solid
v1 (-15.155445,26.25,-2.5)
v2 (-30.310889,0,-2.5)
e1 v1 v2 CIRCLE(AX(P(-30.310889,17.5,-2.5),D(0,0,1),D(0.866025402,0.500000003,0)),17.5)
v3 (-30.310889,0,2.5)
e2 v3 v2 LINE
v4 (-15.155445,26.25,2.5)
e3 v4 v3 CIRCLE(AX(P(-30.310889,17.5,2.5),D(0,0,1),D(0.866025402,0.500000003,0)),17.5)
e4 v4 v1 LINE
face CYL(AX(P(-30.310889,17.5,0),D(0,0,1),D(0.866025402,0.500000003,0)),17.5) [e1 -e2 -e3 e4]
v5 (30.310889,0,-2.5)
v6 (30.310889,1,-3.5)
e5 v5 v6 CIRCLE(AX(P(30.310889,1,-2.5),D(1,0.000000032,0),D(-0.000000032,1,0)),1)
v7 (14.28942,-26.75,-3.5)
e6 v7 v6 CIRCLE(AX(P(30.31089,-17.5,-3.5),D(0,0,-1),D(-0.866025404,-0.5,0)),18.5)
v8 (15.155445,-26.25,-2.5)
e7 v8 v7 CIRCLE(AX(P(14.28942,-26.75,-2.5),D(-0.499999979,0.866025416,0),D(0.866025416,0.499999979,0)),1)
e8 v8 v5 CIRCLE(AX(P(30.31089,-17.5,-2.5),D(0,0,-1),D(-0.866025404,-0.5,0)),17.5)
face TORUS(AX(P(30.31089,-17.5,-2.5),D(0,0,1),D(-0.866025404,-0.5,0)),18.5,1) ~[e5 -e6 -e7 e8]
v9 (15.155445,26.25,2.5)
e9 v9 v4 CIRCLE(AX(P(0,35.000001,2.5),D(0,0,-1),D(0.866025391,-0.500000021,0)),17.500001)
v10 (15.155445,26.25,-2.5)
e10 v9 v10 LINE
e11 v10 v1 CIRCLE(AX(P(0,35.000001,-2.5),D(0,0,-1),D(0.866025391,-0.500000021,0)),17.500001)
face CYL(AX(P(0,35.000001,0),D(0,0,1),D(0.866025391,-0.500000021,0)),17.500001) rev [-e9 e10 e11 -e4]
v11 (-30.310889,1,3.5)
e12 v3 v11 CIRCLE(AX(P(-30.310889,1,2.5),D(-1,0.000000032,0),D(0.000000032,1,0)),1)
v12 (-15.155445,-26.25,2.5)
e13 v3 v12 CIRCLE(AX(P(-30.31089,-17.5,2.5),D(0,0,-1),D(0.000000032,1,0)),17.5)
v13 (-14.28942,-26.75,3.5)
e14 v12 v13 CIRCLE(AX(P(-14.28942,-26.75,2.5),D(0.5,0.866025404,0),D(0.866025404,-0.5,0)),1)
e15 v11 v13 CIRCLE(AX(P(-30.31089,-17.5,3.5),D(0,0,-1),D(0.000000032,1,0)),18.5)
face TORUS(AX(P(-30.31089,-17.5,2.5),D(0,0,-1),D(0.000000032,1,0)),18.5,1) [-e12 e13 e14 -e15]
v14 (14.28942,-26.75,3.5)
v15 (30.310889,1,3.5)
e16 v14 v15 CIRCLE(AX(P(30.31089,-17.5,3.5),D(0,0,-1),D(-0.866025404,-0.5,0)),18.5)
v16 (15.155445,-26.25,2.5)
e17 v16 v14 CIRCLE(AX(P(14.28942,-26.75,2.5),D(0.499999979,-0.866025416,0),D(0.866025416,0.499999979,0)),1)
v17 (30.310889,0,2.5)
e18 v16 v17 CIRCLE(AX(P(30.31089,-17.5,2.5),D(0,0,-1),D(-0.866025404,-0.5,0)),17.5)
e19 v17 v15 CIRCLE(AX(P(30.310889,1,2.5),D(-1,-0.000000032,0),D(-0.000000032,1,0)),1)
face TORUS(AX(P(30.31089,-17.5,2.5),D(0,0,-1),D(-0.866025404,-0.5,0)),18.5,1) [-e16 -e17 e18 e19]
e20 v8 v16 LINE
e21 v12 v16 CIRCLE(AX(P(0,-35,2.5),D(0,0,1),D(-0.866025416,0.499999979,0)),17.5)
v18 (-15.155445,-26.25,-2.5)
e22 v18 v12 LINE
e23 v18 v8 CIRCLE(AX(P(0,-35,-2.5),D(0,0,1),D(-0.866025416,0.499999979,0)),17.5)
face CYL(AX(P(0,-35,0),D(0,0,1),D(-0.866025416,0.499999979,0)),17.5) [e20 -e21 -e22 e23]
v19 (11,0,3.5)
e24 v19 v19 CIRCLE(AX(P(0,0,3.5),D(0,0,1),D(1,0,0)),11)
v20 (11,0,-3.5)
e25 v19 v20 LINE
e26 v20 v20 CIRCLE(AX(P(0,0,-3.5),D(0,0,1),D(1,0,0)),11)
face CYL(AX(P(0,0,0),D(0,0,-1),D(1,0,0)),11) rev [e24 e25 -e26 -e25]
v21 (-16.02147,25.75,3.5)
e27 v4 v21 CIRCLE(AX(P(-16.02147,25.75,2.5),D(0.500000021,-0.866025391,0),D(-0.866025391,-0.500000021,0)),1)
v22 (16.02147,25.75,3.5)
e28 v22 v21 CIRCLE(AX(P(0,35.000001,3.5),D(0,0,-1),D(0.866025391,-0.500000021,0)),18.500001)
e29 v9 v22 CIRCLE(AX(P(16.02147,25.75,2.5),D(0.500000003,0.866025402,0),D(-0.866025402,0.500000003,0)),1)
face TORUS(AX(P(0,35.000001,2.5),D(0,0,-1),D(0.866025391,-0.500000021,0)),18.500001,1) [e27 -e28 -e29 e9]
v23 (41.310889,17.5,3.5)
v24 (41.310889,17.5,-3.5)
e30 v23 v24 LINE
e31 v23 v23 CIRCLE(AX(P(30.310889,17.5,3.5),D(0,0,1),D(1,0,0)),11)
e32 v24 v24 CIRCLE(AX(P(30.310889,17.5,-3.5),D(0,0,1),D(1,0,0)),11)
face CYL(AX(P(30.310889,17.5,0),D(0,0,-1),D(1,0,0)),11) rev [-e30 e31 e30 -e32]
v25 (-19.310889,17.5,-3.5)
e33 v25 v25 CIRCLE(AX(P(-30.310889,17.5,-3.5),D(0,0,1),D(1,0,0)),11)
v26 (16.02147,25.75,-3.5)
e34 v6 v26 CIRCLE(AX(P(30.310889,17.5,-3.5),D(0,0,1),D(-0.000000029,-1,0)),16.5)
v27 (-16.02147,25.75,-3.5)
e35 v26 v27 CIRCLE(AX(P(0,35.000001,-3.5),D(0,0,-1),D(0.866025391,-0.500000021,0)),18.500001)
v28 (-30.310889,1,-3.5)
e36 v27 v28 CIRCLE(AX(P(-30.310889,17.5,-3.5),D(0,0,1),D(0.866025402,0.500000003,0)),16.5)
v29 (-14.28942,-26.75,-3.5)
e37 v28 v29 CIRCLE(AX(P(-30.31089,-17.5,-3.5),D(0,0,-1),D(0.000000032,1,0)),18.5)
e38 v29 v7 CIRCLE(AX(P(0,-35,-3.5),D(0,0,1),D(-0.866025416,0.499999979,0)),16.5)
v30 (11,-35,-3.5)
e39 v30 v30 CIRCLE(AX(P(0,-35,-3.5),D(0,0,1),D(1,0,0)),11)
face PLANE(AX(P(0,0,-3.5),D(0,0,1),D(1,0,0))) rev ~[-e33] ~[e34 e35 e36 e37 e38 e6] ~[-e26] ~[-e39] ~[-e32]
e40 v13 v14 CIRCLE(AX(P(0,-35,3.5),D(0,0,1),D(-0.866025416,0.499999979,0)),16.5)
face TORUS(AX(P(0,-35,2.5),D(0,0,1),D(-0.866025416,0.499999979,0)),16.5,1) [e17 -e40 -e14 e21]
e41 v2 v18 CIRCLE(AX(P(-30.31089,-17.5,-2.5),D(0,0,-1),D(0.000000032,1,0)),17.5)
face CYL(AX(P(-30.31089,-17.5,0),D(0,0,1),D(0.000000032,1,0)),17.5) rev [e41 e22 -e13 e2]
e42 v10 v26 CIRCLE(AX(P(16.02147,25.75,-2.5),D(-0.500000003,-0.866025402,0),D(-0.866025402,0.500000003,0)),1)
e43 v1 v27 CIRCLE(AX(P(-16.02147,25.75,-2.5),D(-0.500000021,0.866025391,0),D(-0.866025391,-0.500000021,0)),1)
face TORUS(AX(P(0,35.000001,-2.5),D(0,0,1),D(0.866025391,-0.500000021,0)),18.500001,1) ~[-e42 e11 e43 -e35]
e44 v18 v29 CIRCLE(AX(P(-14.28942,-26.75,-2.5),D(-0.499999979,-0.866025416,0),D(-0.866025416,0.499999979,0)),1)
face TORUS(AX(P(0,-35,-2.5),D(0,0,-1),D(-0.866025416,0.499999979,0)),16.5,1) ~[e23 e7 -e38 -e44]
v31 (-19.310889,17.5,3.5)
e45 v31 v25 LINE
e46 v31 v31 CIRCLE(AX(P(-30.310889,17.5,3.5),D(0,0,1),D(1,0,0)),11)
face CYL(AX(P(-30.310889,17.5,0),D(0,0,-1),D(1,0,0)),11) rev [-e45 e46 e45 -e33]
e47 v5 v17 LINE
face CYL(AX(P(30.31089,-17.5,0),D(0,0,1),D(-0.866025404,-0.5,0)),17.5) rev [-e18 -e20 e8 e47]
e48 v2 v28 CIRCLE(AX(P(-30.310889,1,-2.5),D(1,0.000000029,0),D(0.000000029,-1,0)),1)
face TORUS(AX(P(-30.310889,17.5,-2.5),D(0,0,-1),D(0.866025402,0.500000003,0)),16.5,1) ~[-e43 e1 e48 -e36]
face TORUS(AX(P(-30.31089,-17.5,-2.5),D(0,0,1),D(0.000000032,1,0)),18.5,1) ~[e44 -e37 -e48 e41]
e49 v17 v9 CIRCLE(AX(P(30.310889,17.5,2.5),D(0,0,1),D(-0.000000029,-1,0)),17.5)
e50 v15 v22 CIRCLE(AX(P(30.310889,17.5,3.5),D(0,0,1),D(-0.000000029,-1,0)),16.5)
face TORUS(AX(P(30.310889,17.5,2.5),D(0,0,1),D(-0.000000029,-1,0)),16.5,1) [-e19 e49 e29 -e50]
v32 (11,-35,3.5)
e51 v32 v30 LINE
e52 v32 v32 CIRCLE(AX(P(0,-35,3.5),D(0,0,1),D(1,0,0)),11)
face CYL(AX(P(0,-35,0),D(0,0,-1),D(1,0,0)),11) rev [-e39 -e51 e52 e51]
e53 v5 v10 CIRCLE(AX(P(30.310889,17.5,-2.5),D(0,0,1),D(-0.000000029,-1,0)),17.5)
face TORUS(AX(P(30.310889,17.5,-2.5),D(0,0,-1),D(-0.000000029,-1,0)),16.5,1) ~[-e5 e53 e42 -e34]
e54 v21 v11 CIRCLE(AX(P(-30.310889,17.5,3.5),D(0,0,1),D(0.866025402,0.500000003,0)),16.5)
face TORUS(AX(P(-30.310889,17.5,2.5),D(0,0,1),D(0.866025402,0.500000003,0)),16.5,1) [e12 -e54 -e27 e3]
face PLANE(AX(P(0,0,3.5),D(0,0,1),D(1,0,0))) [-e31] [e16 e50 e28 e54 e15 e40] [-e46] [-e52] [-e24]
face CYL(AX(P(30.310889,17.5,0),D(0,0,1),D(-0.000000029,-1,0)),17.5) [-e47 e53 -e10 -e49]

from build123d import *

# Parameters (mm, degrees)
F1_R     = 11
F2_DEPTH = 3.5
F3_R     = 1


with BuildPart() as f2:
    # F1 (on Top) → F2 (new body, symmetric)
    with BuildSketch(Plane.XY):
        with BuildLine():
            ThreePointArc((-30.310889, 0), (-15.155445, -8.75), (-15.155445, -26.25))
            ThreePointArc((-15.155445, -26.25), (0, -52.5), (15.155445, -26.25))
            ThreePointArc((15.155445, -26.25), (15.155445, -8.75), (30.310889, 0))
            ThreePointArc((30.310889, 0), (45.466334, 26.25), (15.155445, 26.25))
            ThreePointArc((15.155445, 26.25), (0, 17.5), (-15.155445, 26.25))
            ThreePointArc((-15.155445, 26.25), (-45.466334, 26.25), (-30.310889, 0))
        make_face()
        with Locations((0, -35)):
            Circle(F1_R, mode=Mode.SUBTRACT)
        Circle(F1_R, mode=Mode.SUBTRACT)
        with Locations((-30.310889, 17.5)):
            Circle(F1_R, mode=Mode.SUBTRACT)
        with Locations((30.310889, 17.5)):
            Circle(F1_R, mode=Mode.SUBTRACT)
    extrude(amount=F2_DEPTH, both=True)

    # F3
    f3_edges = [f2.edges().sort_by_distance(p)[0] for p in [
        (-15.155445, -8.75, 3.5),
        (0, -52.5, -3.5),
    ]]
    fillet(f3_edges, radius=F3_R)


solid = f2.part
